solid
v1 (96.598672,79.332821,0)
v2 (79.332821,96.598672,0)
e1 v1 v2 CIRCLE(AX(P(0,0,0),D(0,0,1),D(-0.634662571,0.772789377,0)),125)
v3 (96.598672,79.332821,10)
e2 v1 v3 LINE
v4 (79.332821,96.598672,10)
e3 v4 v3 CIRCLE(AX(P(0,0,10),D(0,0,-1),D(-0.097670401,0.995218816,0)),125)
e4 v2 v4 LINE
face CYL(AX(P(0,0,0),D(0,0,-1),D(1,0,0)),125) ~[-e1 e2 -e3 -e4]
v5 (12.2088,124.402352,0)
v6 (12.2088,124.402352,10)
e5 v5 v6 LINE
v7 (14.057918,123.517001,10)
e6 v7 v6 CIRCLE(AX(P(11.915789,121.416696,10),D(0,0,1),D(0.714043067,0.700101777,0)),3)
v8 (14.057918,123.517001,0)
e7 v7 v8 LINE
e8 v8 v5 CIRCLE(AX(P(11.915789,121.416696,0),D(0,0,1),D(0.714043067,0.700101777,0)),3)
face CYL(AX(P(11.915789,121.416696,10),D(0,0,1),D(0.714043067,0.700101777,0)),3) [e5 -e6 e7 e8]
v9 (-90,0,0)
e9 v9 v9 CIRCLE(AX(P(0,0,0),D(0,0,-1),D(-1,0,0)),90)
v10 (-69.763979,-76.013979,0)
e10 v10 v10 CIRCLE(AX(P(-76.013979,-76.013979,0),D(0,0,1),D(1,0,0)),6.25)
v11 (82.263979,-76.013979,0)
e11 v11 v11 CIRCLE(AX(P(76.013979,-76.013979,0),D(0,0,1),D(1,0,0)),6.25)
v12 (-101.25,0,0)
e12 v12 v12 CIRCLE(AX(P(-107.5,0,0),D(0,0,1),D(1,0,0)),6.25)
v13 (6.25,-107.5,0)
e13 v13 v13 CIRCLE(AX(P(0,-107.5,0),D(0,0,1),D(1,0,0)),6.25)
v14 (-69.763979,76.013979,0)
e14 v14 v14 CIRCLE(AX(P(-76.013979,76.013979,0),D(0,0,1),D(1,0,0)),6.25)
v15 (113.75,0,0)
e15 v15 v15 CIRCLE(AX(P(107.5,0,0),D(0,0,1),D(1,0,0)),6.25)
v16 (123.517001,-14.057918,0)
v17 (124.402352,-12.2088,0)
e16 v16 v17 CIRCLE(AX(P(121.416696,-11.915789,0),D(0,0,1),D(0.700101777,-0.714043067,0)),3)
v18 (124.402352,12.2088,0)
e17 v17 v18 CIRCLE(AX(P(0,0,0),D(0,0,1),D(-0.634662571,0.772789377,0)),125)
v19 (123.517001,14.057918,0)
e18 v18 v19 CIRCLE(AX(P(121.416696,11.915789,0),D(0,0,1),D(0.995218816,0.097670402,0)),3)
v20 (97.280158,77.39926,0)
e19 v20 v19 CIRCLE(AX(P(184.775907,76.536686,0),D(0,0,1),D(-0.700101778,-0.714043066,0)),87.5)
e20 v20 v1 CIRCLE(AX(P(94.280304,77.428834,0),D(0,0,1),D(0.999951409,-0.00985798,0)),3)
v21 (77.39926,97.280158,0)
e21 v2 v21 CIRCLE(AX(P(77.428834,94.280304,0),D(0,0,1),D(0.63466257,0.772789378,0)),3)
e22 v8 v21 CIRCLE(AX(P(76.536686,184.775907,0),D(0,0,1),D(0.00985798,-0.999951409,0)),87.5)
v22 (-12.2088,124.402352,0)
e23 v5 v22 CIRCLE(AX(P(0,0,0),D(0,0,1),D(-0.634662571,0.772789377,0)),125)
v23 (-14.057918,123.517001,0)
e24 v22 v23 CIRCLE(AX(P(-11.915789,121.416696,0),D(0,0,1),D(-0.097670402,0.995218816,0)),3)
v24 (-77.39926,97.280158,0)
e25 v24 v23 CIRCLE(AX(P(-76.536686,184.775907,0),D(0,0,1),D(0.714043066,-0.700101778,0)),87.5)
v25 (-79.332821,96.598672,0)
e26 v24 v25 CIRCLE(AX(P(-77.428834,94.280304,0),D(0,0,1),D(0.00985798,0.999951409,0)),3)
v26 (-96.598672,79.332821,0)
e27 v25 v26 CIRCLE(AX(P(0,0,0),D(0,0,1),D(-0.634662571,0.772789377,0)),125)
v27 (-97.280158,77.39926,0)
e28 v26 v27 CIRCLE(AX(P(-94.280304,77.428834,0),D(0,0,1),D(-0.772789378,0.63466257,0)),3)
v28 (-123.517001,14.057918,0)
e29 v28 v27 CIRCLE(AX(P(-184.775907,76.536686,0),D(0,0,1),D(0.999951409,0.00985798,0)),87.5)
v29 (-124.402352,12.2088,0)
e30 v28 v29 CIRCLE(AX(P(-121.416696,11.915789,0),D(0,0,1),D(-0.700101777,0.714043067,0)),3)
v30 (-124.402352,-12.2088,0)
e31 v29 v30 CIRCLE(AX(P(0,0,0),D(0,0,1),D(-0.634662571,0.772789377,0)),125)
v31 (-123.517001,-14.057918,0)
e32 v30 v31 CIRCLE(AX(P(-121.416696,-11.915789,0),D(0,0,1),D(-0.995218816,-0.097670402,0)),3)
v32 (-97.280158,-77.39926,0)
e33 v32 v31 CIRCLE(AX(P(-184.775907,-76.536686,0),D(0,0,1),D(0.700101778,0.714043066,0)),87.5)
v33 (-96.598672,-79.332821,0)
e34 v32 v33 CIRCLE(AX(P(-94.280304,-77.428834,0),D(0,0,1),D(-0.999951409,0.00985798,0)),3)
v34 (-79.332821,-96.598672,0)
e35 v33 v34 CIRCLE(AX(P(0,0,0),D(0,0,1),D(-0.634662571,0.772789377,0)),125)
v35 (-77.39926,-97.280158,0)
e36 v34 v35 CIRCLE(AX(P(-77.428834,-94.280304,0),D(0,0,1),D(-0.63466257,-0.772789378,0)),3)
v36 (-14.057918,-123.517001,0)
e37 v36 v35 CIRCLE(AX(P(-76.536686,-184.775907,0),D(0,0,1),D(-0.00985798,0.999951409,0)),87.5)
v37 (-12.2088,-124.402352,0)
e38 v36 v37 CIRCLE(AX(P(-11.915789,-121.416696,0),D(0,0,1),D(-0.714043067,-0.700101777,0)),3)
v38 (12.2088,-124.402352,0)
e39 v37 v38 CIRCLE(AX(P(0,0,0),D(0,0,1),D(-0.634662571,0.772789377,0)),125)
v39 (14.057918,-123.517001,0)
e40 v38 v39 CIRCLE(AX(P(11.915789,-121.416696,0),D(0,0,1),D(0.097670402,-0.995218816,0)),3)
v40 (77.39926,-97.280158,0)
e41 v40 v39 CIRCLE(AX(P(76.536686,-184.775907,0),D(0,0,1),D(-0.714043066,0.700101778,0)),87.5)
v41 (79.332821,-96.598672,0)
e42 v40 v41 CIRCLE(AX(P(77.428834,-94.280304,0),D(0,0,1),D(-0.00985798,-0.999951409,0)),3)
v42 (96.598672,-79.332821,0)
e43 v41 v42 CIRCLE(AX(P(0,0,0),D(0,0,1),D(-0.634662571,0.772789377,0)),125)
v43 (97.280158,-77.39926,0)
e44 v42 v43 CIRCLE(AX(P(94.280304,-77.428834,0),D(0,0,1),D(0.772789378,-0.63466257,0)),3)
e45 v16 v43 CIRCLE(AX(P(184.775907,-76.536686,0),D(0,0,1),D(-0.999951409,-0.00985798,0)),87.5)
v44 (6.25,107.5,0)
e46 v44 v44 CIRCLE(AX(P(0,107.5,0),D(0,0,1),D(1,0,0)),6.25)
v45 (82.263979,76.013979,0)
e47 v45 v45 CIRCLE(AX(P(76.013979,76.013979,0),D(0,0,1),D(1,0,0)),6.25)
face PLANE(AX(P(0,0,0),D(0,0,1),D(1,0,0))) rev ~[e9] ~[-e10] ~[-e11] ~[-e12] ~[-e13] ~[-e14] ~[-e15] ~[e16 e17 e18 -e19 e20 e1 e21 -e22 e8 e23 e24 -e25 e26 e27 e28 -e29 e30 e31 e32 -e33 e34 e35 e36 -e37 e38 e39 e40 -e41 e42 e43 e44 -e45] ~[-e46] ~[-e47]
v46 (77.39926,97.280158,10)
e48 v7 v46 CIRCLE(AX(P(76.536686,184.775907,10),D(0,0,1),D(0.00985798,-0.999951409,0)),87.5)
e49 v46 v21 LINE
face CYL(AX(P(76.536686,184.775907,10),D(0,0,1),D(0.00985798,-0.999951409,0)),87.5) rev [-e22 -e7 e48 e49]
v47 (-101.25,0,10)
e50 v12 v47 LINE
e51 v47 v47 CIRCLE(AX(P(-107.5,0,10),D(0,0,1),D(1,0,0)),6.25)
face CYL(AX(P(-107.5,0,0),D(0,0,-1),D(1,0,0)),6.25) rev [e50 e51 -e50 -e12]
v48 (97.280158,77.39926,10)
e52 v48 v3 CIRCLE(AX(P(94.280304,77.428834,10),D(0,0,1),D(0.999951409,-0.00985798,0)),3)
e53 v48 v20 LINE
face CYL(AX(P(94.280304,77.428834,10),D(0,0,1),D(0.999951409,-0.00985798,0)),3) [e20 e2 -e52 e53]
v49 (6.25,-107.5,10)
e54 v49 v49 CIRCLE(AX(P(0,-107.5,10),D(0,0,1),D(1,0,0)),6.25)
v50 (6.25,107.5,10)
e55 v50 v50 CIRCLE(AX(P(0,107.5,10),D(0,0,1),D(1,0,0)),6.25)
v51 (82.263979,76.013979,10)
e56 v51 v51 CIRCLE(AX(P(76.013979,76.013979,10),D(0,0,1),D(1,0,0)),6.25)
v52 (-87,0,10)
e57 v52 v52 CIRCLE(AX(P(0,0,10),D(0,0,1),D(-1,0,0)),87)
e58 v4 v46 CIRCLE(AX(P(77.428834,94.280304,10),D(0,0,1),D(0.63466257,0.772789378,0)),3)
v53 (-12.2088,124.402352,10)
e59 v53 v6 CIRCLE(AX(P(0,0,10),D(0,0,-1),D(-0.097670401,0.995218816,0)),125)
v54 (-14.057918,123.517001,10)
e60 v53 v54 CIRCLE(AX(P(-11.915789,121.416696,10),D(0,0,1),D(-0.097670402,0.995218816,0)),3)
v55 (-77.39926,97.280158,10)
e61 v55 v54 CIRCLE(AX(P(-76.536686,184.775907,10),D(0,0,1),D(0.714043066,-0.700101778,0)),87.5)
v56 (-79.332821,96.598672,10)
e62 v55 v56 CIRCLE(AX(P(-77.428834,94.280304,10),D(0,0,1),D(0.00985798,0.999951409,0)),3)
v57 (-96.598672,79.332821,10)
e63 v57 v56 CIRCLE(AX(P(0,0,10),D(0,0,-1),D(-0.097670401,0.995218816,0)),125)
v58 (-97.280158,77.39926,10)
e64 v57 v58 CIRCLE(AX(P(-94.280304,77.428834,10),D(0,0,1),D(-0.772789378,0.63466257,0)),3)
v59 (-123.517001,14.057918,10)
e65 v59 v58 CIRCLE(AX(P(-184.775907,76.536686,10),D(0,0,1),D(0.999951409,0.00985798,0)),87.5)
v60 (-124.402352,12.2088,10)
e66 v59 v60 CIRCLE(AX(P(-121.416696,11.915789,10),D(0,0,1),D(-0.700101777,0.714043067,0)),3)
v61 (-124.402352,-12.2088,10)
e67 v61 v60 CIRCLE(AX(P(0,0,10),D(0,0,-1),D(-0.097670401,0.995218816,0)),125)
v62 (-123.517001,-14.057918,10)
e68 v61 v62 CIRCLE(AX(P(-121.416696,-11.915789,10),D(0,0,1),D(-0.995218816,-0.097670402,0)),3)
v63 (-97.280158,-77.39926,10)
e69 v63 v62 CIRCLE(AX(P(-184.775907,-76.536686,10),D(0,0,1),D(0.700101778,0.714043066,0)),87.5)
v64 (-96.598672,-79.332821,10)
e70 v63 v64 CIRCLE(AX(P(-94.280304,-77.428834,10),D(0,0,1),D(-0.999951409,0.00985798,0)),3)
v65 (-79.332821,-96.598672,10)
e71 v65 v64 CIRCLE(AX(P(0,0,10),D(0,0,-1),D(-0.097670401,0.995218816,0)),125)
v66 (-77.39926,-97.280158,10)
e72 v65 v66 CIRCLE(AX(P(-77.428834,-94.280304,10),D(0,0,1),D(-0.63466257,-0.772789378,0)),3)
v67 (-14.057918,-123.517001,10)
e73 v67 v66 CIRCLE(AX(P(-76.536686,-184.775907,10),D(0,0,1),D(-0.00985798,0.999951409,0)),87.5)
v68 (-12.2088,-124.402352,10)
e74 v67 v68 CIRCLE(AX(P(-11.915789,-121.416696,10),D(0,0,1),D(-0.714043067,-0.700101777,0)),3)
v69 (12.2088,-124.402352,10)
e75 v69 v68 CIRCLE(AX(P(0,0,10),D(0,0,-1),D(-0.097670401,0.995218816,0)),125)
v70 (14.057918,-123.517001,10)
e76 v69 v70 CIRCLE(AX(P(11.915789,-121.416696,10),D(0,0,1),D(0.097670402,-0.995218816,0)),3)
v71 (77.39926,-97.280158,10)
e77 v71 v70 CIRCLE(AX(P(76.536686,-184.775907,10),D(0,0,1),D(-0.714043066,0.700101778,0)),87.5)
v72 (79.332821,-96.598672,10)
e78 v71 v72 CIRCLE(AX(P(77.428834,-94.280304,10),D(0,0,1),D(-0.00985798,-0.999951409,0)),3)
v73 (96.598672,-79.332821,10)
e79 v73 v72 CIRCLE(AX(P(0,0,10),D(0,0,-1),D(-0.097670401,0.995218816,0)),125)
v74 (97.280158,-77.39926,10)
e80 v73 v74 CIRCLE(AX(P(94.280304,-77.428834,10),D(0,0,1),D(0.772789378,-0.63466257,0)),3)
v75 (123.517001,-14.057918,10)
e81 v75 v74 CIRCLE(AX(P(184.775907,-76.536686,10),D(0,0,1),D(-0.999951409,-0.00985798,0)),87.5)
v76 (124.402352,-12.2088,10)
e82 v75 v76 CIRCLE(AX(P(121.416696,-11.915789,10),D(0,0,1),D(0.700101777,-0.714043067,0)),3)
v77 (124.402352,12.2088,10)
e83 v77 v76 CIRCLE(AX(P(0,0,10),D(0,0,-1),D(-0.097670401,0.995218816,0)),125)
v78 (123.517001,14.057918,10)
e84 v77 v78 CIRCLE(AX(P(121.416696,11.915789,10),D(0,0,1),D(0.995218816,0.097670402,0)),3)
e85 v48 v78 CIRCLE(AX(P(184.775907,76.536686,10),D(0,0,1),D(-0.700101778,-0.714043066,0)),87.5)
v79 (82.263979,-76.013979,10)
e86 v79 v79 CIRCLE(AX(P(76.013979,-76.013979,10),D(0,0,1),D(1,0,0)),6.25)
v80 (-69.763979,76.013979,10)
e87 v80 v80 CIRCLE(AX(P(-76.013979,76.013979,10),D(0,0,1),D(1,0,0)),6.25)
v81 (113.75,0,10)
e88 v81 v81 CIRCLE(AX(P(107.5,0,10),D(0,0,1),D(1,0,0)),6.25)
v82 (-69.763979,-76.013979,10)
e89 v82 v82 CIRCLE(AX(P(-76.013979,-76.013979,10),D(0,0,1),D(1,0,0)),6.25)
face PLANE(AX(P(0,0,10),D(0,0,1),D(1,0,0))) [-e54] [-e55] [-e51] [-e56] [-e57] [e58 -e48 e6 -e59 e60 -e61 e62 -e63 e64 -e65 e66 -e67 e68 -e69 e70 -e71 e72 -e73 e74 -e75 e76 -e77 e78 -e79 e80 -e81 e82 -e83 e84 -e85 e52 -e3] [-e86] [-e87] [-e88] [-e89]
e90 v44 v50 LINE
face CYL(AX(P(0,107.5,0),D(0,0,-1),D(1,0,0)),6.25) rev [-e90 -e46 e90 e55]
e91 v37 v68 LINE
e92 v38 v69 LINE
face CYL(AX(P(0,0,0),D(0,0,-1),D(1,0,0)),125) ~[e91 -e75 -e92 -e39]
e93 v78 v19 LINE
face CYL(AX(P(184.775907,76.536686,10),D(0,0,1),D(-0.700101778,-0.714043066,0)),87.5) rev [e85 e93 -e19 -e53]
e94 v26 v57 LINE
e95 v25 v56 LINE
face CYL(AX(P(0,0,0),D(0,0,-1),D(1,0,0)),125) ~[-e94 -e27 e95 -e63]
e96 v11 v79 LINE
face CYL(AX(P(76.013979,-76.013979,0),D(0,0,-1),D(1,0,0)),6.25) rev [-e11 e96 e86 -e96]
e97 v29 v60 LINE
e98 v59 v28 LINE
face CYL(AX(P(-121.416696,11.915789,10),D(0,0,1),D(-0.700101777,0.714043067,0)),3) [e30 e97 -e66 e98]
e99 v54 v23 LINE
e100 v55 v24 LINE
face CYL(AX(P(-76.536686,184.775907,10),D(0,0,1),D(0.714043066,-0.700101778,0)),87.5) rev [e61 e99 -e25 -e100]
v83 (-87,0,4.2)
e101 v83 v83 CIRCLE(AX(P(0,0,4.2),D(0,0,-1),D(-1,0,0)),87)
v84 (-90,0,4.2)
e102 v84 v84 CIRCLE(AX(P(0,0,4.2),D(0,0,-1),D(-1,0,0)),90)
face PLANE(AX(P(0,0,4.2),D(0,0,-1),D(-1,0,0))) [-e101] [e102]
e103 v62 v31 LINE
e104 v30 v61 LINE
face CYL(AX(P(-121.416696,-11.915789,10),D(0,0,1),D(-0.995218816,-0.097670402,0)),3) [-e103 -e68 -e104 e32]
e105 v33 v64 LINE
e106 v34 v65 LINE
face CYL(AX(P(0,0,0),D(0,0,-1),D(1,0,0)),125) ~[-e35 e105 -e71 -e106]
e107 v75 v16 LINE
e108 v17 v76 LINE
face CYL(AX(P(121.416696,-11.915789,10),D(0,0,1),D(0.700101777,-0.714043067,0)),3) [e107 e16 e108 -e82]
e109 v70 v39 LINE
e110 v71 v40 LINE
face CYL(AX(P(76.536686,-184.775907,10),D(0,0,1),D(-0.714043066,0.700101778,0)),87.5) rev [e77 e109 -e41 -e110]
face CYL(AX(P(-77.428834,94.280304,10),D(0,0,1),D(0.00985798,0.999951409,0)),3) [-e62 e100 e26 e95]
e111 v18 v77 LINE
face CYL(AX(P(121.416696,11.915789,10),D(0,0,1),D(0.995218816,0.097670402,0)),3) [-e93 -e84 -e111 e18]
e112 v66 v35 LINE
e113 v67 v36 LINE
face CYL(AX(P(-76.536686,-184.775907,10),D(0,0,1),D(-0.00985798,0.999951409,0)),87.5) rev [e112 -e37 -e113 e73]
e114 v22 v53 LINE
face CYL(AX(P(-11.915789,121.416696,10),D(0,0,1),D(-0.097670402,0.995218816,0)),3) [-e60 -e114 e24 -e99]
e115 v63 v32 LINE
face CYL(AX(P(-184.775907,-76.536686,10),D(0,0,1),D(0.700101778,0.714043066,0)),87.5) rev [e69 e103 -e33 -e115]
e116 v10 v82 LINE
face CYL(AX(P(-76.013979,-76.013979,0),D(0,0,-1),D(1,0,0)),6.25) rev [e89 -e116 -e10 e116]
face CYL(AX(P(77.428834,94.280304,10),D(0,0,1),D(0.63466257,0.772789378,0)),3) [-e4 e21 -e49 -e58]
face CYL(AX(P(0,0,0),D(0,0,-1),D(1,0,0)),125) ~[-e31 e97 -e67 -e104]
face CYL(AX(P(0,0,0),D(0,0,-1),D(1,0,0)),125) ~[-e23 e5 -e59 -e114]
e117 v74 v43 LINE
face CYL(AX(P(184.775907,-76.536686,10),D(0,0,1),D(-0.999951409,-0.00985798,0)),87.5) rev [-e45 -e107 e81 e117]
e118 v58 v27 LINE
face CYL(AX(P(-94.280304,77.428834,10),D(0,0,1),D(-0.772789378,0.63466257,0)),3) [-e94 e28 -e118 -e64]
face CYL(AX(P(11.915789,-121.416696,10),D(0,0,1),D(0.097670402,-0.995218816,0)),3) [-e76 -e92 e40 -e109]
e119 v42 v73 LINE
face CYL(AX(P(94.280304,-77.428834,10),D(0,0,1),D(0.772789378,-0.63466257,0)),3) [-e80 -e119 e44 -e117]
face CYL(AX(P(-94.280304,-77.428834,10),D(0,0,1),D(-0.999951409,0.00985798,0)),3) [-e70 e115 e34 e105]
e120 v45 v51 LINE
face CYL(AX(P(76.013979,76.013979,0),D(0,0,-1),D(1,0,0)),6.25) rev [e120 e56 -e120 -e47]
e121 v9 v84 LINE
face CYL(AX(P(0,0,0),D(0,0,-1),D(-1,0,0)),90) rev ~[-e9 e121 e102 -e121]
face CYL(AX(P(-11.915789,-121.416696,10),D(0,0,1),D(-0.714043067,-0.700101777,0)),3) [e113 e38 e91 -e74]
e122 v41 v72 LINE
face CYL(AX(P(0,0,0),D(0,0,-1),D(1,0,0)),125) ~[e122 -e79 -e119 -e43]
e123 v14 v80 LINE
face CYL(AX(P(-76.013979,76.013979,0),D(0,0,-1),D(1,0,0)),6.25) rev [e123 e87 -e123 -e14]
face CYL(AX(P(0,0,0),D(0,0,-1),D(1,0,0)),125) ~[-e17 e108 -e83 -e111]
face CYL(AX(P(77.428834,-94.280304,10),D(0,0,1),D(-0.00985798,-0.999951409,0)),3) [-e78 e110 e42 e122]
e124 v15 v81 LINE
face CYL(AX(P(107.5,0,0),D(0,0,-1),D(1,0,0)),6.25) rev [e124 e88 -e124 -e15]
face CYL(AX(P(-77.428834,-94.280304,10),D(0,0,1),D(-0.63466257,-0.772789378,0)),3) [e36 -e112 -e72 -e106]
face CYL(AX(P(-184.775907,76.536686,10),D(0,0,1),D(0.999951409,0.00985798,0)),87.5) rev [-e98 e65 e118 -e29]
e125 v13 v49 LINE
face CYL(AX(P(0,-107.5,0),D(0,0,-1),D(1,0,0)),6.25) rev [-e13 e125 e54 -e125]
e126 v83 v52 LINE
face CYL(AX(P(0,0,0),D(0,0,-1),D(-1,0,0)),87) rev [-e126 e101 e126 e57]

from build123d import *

# Parameters (mm, degrees)
SKETCH_1_R               = 125
SKETCH_1_R_2             = 87
SKETCH_1_R_3             = 6.25
EXTRUDE_1_DEPTH          = 10
CUT_EXTRUDE_3_DEPTH      = 178.059312096
PATTERN_CIRCULAR_1_COUNT = 8
SKETCH_4_R               = 90
CUT_EXTRUDE_4_DEPTH      = 4.2


with BuildPart() as part:
    # Эскиз1 → Бобышка-Вытянуть1 (new body)
    with BuildSketch(Plane.XY):
        Circle(SKETCH_1_R)
        with Locations(Location((0, 0, 0), (0, 0, 180))):
            Circle(SKETCH_1_R_2, mode=Mode.SUBTRACT)
        with Locations((76.013978978, 76.013978978)):
            Circle(SKETCH_1_R_3, mode=Mode.SUBTRACT)
        with Locations((107.5, 0)):
            Circle(SKETCH_1_R_3, mode=Mode.SUBTRACT)
        with Locations((76.013978978, -76.013978978)):
            Circle(SKETCH_1_R_3, mode=Mode.SUBTRACT)
        with Locations((0, -107.5)):
            Circle(SKETCH_1_R_3, mode=Mode.SUBTRACT)
        with Locations((-76.013978978, -76.013978978)):
            Circle(SKETCH_1_R_3, mode=Mode.SUBTRACT)
        with Locations((-107.5, 0)):
            Circle(SKETCH_1_R_3, mode=Mode.SUBTRACT)
        with Locations((-76.013978978, 76.013978978)):
            Circle(SKETCH_1_R_3, mode=Mode.SUBTRACT)
        with Locations((0, 107.5)):
            Circle(SKETCH_1_R_3, mode=Mode.SUBTRACT)
    extrude(amount=EXTRUDE_1_DEPTH)

    # Эскиз3 → Вырез-Вытянуть3 (cut, symmetric)
    with BuildSketch(Plane.XY.offset(10)):
        with BuildLine():
            ThreePointArc((-12.208800164, 124.402352062), (-13.211334731, 124.122533958), (-14.057918159, 123.517000946))
            ThreePointArc((-14.057918159, 123.517000946), (-43.051886141, 103.936447408), (-77.399259701, 97.28015822))
            ThreePointArc((-77.399259701, 97.28015822), (-78.426061083, 97.109709837), (-79.332821353, 96.598672124))
            ThreePointArc((-79.332821353, 96.598672124), (-47.835429046, 115.484941564), (-12.208800164, 124.402352062))
        make_face()
    cut_extrude_3 = extrude(amount=CUT_EXTRUDE_3_DEPTH, both=True, mode=Mode.SUBTRACT)

    # Круговой массив1: Вырез-Вытянуть3 ×8 about axis
    pattern_circular_1_axis = Axis((0, 0, 0), (0, 0, -1))
    for i in range(1, PATTERN_CIRCULAR_1_COUNT):
        add(cut_extrude_3.rotate(pattern_circular_1_axis, i * 360 / PATTERN_CIRCULAR_1_COUNT), mode=Mode.SUBTRACT)

    # Эскиз4 → Вырез-Вытянуть4 (cut)
    with BuildSketch(Plane(origin=(0, 0, 0), x_dir=(-1, 0, 0), z_dir=(0, 0, -1))):
        Circle(SKETCH_4_R)
    extrude(amount=-CUT_EXTRUDE_4_DEPTH, mode=Mode.SUBTRACT)


solid = part.part
